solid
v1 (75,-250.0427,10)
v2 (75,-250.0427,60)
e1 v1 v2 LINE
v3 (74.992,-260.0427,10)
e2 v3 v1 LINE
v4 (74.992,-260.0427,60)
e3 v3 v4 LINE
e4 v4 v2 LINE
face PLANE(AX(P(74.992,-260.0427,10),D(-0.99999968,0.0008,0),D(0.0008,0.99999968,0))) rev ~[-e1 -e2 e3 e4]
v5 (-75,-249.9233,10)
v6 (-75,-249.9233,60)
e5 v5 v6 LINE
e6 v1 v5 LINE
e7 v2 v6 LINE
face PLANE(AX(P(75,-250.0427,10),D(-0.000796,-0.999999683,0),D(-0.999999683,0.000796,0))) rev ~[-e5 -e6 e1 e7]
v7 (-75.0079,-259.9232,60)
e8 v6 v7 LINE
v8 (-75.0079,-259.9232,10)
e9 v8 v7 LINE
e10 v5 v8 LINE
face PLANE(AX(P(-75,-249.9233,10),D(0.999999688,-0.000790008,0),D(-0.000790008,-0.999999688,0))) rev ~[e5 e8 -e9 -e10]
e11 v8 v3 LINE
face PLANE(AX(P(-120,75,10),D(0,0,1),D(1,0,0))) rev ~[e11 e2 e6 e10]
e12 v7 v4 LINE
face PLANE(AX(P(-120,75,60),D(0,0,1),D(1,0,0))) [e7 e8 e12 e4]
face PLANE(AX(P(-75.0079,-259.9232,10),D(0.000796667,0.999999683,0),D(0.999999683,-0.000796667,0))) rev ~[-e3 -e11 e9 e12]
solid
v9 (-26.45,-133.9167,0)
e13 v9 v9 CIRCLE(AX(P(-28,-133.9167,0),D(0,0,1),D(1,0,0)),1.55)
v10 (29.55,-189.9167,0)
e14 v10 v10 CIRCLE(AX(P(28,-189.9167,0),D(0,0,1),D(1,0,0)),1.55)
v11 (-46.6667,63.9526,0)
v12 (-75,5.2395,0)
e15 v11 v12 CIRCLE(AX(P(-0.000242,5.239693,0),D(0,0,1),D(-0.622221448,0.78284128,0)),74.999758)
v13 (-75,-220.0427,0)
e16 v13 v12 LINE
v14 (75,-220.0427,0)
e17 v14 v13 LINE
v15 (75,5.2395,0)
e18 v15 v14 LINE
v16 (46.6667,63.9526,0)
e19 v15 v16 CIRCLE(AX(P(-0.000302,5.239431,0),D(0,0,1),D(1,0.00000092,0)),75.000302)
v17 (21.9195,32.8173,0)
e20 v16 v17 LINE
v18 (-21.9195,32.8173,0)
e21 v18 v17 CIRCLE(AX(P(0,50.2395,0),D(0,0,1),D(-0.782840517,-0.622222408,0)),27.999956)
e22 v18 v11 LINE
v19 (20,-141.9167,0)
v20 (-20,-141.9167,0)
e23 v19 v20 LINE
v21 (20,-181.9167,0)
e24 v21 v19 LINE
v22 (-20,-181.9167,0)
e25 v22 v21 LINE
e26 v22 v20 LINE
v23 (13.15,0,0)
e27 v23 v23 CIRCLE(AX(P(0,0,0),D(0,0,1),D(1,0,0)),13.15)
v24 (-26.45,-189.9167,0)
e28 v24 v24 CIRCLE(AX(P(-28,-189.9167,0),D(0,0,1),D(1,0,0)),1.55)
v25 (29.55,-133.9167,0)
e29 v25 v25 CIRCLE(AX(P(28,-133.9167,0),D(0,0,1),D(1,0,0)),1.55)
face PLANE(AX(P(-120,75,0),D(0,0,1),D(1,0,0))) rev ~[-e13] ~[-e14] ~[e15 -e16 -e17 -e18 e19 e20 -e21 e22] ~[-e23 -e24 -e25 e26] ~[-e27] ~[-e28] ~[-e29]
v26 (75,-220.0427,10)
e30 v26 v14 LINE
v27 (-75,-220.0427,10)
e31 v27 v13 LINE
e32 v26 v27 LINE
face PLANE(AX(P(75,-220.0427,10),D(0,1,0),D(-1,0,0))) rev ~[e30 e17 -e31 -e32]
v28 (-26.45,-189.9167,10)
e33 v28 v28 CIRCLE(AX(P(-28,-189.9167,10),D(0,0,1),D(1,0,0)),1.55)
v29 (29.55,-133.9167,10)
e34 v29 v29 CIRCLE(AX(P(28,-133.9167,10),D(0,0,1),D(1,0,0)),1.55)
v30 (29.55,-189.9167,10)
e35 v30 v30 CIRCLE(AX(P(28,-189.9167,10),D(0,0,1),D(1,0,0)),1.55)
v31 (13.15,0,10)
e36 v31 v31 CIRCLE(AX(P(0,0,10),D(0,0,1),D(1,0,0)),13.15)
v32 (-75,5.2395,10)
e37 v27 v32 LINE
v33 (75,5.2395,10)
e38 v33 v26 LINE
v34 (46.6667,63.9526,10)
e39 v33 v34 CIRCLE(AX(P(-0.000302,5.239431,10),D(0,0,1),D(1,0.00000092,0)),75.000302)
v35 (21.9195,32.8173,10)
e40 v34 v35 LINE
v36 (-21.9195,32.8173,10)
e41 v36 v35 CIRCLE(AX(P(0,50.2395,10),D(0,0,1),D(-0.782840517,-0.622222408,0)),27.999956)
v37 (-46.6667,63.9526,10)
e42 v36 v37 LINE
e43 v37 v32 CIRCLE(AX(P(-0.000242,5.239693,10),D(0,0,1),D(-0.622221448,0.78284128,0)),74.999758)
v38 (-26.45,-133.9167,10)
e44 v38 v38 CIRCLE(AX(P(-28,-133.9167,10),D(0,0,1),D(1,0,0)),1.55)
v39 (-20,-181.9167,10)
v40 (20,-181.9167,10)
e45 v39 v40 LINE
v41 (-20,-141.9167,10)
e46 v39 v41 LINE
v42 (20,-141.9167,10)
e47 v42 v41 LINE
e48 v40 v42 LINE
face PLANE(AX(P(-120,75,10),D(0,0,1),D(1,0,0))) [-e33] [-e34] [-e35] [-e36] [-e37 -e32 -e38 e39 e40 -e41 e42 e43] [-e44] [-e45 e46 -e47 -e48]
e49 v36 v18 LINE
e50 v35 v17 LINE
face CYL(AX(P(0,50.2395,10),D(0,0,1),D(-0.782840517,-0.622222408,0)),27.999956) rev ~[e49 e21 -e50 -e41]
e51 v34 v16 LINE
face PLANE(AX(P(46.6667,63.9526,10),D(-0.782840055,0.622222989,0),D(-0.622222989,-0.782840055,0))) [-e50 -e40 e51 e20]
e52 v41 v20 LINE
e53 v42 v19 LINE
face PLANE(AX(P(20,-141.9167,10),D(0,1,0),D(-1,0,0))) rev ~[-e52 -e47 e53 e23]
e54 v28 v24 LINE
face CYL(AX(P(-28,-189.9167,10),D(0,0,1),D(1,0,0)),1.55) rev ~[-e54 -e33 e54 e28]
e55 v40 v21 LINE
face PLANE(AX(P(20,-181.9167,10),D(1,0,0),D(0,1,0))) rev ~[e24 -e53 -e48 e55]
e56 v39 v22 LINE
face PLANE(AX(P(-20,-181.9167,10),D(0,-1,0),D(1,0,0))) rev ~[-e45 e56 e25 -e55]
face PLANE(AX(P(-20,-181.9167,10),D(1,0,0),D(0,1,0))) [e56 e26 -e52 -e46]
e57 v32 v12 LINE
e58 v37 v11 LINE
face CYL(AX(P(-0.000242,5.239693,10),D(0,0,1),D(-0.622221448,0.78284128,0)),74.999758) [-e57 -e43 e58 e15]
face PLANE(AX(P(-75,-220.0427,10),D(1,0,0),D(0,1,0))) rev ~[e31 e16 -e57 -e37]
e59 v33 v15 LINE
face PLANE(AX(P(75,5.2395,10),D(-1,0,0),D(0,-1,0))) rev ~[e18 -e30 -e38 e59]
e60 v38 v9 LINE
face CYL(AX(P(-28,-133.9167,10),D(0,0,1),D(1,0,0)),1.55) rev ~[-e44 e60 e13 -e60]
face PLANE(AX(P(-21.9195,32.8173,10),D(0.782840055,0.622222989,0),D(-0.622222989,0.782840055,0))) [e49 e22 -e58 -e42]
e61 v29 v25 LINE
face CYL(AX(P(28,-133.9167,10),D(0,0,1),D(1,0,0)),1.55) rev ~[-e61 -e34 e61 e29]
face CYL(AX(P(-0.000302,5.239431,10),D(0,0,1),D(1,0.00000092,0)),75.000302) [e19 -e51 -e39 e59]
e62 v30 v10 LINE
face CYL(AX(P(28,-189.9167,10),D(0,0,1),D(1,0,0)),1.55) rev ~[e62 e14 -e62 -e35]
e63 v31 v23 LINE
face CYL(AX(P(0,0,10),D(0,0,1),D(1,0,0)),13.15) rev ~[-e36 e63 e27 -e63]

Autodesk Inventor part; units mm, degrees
ref_plane "YZ Plane" through (0, 0, 0) normal (1, 0, 0) x (0, 1, 0)
ref_plane "XZ Plane" through (0, 0, 0) normal (0, 1, 0) x (-1, 0, 0)
ref_plane "XY Plane" through (0, 0, 0) normal (0, 0, 1) x (1, 0, 0)
ref_plane "РабПлоскость1" through (-120, 75, 10) normal (0, 0, 1) x (1, 0, 0)
sketch "Эскиз1" plane through (-120, 75, 10) normal (0, 0, 1) x (1, 0, 0)
  arc A0 (195, -69.7605) -> (166.6667, -11.0474) centre (120, -69.7605) ccw
  line L0 (166.6667, -11.0474) -> (141.9195, -42.1827)
  arc A1 (98.0805, -42.1827) -> (141.9195, -42.1827) centre (120, -24.7605) ccw
  line L1 (98.0805, -42.1827) -> (73.3333, -11.0474)
  arc A2 (73.3333, -11.0474) -> (45, -69.7605) centre (120, -69.7605) ccw
  line L2 (195, -69.7605) -> (195, -295.0427)
  line L3 (195, -295.0427) -> (45, -295.0427)
  line L4 (45, -295.0427) -> (45, -69.7605)
  line L5 (100, -256.9167) -> (100, -216.9167)
  line L6 (100, -256.9167) -> (140, -256.9167)
  line L7 (140, -256.9167) -> (140, -216.9167)
  line L8 (140, -216.9167) -> (100, -216.9167)
  circle A3 centre (148, -208.9167) radius 1.55
  circle A4 centre (148, -264.9167) radius 1.55
  circle A5 centre (92, -208.9167) radius 1.55
  circle A6 centre (92, -264.9167) radius 1.55
  circle A7 centre (120, -75) radius 13.15
  dimension "d21" = 26.3
extrude "Выдавливание1" add sketch "Эскиз1" against normal blind 10
sketch "Эскиз2" plane through (-120, 75, 10) normal (0, 0, 1) x (1, 0, 0)
  line L0 (45, -324.9233) -> (44.9921, -334.9232)
  line L1 (44.9921, -334.9232) -> (194.992, -335.0427)
  line L2 (194.992, -335.0427) -> (195, -325.0427)
  line L3 (195, -325.0427) -> (45, -324.9233)
  point P0 (120, -75)
extrude "Выдавливание2" add sketch "Эскиз2" along normal blind 50
properties part number "Основание"
